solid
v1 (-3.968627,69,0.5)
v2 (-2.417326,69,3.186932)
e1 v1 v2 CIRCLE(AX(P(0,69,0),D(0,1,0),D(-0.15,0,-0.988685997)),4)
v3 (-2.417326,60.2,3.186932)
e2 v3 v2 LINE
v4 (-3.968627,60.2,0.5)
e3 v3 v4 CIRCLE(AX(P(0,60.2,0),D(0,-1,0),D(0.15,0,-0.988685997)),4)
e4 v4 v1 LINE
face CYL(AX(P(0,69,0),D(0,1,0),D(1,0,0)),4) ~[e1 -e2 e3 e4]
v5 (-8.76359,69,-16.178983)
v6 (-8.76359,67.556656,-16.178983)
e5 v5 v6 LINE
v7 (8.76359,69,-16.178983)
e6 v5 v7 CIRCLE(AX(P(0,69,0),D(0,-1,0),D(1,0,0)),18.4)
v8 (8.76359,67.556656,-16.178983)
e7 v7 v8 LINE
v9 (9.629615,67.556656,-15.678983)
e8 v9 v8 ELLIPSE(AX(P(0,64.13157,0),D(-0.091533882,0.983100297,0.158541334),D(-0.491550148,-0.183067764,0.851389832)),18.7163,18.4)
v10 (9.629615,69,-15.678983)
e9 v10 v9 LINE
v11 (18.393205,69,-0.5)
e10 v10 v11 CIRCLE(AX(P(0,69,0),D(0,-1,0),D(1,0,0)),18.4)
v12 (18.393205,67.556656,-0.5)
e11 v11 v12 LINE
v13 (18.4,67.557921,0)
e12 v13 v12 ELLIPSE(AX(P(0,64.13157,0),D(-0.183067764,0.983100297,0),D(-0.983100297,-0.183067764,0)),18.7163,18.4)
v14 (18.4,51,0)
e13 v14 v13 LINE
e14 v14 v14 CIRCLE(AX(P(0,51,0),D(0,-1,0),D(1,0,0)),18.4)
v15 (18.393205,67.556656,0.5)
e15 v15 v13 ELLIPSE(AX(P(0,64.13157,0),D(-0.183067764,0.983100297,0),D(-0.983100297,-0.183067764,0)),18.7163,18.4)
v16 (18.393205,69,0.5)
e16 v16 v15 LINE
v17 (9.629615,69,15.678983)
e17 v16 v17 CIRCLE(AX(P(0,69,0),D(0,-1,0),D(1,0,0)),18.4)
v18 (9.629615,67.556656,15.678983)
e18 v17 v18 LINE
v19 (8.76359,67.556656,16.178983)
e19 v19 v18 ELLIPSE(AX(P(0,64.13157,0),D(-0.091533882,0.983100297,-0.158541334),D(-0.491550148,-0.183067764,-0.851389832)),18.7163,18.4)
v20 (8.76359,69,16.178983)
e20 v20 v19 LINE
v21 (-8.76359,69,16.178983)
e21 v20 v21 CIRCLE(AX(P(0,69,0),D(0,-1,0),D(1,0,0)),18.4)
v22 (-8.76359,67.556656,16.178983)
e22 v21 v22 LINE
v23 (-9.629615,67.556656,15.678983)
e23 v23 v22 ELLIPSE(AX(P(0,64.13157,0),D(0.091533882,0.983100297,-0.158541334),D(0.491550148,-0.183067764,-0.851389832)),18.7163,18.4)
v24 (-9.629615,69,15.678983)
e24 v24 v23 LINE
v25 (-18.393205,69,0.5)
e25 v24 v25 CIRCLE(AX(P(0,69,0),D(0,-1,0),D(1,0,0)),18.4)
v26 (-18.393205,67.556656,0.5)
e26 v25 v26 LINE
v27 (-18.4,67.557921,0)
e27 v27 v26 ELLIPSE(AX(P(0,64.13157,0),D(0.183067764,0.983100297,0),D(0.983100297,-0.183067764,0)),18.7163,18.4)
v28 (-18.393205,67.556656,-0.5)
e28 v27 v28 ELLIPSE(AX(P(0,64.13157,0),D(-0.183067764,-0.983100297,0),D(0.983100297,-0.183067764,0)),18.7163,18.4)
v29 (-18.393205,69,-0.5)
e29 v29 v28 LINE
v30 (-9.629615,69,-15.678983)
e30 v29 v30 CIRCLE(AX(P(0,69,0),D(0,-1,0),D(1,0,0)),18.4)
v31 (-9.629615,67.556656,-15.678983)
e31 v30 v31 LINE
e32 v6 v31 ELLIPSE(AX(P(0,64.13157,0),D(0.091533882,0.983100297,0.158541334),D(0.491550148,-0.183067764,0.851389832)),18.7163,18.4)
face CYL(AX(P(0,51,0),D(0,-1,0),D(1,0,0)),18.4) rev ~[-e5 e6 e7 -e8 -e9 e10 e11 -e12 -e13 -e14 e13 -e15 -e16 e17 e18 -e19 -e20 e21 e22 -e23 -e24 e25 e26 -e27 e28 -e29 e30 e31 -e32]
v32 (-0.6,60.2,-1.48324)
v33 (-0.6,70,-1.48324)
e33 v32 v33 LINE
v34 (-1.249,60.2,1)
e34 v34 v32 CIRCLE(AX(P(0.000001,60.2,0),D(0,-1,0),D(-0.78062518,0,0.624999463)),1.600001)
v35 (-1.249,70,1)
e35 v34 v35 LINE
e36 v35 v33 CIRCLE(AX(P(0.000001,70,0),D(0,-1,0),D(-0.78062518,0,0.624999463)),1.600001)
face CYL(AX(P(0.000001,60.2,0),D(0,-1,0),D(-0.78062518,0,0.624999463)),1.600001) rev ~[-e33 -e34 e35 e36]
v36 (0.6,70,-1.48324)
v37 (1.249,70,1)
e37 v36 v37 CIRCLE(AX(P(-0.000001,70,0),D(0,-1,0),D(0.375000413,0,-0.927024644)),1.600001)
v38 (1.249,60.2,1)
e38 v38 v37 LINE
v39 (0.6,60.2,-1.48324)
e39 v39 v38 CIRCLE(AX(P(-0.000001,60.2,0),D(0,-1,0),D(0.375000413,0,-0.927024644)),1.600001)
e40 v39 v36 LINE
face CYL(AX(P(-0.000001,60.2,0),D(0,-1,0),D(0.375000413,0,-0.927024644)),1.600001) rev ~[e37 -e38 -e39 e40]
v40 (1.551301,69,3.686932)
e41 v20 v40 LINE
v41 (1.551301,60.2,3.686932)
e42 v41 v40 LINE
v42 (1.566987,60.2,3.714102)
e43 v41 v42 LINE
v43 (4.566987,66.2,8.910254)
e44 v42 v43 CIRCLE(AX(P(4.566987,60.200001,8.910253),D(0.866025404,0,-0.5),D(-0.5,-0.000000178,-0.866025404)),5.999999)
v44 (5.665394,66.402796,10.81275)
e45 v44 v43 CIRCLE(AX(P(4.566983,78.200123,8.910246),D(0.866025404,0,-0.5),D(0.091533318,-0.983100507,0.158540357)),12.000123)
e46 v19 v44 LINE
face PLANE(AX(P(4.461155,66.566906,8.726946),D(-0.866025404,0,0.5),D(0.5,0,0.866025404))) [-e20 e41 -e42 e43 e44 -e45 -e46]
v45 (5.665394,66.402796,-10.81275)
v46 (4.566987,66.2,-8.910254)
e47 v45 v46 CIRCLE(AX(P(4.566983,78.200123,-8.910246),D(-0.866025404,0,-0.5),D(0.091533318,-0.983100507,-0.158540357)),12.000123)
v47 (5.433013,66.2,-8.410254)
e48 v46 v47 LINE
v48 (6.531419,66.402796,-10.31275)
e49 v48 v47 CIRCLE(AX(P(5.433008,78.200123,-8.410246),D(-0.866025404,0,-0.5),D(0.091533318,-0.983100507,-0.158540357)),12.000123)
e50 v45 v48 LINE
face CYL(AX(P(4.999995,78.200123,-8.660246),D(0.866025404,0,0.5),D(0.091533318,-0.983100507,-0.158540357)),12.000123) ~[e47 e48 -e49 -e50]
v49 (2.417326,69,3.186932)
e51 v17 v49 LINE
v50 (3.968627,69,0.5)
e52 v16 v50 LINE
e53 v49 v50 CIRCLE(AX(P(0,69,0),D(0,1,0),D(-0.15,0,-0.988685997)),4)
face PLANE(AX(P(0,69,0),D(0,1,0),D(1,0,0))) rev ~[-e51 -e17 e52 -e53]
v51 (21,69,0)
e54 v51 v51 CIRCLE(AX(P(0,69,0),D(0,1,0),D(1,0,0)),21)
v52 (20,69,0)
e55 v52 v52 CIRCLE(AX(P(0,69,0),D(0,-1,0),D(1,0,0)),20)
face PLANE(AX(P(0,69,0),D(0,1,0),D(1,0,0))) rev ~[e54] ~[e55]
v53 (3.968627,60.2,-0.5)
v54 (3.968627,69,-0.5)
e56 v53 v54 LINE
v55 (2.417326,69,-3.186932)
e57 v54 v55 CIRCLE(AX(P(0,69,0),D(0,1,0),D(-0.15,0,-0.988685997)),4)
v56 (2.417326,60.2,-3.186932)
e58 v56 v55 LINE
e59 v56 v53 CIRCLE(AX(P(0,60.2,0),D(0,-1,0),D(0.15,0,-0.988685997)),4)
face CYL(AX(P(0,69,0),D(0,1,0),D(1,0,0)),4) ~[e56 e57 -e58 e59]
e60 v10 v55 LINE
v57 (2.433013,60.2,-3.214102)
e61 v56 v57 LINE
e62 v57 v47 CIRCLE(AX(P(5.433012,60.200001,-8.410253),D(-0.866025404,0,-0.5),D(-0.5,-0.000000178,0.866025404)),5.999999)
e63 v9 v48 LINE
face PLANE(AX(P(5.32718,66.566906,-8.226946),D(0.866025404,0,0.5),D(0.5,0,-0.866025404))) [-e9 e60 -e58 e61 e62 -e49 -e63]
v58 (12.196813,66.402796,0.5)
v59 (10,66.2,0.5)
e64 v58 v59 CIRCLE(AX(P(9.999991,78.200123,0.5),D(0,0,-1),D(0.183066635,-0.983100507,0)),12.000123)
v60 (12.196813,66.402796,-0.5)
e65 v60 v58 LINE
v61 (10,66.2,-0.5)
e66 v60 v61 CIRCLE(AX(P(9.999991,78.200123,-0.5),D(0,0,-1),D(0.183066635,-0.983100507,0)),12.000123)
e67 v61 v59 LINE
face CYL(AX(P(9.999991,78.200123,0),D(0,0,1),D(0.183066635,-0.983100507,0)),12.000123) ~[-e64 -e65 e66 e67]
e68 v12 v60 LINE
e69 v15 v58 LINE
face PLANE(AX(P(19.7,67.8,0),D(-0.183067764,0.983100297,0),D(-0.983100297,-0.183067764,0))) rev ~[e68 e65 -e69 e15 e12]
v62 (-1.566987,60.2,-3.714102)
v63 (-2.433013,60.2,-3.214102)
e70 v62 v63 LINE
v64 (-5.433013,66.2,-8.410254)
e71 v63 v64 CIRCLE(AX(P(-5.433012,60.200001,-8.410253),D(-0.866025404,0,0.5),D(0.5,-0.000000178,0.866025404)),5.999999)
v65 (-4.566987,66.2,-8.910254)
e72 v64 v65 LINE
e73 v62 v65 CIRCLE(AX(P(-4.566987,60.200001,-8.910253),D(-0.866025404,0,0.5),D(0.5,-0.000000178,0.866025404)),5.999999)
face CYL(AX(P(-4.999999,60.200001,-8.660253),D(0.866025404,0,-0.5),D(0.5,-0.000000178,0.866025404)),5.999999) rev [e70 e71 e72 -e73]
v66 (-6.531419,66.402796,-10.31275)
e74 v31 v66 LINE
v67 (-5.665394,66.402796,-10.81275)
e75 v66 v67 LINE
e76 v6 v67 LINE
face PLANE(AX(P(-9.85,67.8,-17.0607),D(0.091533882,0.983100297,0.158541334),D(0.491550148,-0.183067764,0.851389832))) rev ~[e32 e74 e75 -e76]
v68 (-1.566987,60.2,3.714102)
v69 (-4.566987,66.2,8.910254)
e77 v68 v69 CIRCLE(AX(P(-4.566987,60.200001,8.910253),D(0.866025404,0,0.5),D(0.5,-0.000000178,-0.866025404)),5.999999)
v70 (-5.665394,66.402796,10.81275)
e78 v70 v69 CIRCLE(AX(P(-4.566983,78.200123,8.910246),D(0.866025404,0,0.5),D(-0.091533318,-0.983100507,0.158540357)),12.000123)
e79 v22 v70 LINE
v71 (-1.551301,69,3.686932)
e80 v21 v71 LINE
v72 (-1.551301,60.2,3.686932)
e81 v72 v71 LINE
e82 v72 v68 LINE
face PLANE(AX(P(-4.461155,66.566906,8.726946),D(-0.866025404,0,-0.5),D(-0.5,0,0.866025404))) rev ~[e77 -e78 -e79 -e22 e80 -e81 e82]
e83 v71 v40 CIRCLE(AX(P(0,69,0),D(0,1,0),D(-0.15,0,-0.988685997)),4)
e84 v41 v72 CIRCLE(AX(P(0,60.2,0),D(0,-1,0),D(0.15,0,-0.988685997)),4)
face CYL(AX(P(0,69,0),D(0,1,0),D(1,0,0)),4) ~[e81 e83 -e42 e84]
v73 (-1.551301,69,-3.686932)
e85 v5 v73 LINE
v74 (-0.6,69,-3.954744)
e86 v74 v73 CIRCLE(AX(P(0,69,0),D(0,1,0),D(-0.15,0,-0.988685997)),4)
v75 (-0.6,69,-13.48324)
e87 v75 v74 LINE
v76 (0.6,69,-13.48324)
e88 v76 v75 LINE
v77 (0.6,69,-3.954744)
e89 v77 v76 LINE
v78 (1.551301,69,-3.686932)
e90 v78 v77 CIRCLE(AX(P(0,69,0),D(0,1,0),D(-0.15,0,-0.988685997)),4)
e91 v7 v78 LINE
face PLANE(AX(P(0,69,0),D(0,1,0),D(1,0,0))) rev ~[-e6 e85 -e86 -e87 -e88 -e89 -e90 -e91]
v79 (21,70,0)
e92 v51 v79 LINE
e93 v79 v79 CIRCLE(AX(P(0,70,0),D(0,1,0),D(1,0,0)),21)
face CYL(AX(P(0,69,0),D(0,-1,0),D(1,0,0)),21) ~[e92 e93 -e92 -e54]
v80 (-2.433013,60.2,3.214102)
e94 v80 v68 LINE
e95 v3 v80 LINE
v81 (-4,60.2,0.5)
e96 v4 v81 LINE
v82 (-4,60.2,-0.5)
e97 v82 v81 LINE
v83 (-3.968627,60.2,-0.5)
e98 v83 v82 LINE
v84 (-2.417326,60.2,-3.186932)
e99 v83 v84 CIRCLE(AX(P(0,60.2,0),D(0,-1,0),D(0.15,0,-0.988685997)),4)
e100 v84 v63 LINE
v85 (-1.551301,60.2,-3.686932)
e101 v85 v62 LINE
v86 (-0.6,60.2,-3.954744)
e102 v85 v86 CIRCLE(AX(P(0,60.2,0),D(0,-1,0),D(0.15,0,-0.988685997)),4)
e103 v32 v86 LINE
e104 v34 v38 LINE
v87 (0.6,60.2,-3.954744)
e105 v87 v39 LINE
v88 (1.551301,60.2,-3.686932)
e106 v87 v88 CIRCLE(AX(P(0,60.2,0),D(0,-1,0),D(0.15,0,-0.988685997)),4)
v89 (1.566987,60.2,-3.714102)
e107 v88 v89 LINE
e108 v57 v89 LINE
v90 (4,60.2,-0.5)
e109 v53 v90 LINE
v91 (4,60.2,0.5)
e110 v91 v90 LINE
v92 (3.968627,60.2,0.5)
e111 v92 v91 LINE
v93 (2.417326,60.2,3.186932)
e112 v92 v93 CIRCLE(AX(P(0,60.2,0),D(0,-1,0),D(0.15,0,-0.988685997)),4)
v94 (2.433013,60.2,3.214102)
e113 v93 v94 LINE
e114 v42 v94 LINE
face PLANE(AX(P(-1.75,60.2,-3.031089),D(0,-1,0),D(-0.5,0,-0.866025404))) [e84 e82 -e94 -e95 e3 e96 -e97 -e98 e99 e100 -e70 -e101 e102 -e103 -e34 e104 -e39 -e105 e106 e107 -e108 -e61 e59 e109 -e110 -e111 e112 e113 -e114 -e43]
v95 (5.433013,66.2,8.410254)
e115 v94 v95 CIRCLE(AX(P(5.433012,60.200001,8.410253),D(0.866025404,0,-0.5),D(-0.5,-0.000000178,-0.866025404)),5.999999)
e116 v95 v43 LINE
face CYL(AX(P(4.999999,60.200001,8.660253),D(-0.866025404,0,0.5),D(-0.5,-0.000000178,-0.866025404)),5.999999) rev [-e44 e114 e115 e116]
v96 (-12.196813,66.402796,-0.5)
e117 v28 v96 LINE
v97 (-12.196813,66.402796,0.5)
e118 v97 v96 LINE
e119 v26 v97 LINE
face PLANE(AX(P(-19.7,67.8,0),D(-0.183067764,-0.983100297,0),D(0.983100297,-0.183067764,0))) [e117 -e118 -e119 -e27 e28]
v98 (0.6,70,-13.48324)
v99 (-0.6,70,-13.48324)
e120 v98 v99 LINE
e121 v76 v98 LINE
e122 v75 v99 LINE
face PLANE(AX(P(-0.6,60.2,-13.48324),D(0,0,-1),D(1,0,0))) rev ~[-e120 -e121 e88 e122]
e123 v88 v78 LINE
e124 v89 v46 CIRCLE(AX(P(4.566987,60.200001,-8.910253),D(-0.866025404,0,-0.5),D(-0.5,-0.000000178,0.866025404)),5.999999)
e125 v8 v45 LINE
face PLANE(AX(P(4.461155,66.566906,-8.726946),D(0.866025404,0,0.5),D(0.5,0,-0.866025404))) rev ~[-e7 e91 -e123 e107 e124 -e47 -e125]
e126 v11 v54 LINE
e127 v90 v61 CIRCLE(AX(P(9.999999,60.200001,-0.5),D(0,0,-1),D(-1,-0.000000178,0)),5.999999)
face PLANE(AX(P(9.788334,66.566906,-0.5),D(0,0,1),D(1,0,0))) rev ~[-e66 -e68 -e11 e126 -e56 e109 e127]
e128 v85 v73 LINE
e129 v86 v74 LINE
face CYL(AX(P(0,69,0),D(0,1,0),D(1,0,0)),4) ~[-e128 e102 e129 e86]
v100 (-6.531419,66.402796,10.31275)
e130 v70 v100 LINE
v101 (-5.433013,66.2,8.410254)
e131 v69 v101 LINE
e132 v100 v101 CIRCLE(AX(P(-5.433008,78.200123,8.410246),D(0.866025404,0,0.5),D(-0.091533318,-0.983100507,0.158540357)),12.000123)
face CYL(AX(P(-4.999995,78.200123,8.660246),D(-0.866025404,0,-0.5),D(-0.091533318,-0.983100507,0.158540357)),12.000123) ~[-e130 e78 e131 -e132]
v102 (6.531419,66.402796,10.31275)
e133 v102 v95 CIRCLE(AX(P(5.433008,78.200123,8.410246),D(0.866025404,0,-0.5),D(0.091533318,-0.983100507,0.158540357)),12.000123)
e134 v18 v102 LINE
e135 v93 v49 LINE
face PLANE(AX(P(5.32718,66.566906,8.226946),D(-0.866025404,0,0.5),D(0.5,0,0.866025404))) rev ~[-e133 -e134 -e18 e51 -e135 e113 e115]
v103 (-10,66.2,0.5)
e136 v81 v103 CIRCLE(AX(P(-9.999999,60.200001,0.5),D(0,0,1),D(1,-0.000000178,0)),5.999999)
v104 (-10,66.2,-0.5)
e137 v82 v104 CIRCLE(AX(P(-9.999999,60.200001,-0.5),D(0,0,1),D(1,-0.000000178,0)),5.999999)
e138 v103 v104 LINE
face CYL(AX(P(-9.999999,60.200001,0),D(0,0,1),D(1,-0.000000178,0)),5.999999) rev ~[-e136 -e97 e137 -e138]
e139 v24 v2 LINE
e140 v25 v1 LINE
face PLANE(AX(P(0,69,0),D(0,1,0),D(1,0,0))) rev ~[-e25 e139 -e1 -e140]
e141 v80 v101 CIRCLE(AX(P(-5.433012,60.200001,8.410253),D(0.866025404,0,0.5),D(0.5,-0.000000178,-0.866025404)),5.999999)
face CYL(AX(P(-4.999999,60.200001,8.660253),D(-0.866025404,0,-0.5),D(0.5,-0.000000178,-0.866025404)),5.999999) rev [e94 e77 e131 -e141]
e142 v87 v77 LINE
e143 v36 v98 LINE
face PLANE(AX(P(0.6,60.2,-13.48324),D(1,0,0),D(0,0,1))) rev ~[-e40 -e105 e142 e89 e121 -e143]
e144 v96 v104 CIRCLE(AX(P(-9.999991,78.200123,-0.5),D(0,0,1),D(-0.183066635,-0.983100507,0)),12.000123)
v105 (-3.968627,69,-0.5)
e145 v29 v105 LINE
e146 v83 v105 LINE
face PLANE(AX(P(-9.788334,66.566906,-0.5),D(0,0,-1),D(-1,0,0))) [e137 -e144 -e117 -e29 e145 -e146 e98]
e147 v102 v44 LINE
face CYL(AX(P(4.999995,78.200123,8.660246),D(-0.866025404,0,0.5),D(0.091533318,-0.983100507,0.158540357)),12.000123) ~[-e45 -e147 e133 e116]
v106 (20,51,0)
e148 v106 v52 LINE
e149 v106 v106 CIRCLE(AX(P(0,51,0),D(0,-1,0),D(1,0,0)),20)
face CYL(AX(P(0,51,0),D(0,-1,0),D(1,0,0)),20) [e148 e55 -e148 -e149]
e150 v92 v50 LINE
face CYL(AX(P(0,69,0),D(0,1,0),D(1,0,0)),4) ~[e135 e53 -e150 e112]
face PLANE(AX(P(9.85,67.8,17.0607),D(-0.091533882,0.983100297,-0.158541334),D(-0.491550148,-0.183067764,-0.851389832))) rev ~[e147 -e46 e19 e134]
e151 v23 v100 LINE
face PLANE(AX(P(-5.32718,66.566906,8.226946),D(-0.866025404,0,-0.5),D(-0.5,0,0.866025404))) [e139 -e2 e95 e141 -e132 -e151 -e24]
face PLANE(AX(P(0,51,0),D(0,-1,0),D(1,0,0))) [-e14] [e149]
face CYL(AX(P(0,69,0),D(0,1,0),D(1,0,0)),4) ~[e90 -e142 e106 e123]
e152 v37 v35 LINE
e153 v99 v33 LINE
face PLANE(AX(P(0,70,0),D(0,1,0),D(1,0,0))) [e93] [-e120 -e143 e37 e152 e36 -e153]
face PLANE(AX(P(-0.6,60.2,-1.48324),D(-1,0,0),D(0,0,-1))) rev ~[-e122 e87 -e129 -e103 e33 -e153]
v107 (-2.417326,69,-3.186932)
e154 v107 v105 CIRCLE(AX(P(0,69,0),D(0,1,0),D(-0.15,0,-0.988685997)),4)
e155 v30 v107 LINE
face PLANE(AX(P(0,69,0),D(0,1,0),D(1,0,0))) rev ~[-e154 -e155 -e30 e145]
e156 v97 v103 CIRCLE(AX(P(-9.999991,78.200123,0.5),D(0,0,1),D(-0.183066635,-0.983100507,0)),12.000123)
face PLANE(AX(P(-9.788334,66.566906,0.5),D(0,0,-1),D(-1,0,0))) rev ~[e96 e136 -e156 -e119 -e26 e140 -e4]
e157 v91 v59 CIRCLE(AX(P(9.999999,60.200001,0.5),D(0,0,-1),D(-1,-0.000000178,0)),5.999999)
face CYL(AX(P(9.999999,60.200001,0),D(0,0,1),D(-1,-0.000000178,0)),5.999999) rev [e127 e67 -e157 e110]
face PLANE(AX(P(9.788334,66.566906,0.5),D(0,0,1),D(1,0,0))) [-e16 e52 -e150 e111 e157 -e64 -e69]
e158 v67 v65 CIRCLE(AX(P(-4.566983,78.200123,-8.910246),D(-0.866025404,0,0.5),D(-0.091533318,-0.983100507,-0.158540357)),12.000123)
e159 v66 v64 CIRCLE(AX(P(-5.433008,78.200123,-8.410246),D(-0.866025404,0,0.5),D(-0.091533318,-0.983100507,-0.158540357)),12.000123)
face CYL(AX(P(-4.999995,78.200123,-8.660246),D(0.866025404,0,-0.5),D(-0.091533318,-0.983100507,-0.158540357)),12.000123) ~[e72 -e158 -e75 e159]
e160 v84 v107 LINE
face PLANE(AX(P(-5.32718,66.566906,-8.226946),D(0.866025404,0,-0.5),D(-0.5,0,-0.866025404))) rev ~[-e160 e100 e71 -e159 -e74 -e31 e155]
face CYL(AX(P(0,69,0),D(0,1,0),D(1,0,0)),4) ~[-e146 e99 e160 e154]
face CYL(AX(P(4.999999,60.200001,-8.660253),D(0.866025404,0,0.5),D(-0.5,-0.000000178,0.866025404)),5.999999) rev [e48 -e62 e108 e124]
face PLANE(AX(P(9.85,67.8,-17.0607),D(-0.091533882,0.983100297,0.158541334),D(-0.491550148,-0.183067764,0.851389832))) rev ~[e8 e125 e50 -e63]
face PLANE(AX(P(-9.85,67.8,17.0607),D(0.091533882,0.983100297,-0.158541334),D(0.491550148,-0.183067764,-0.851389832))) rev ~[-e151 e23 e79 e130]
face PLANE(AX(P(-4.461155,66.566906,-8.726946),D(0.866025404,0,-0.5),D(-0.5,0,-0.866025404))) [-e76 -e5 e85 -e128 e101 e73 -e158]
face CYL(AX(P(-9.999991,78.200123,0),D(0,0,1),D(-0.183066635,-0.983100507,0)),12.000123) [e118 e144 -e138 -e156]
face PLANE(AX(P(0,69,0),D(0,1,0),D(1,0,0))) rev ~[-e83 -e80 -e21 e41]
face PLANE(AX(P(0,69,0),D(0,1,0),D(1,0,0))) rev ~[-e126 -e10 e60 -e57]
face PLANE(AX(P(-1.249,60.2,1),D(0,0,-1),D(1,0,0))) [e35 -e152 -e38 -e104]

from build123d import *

# Parameters (mm, degrees)
PAD_START          = -51
SKETCH_R           = 20
SKETCH_R_2         = 18.4
PAD_DEPTH          = 18
SKETCH001_R        = 21
PAD001_DEPTH       = 1
SKETCH002_R        = 4
PAD002_DEPTH       = 8.8
POCKET_DEPTH       = 9.801
PAD003_DEPTH       = 0.5
PAD003_DEPTH_BACK  = 0.5
POLARPATTERN_COUNT = 6


with BuildPart() as part:
    # Sketch → Pad (new body)
    with BuildSketch(Plane.XZ.offset(PAD_START)):
        Circle(SKETCH_R)
        Circle(SKETCH_R_2, mode=Mode.SUBTRACT)
    extrude(amount=-PAD_DEPTH)

    # Sketch001 (on Face3 of Pad) → Pad001 (join)
    with BuildSketch(Plane(origin=(0, 69, 0), x_dir=(1, 0, 0), z_dir=(0, 1, 0))):
        Circle(SKETCH001_R)
    extrude(amount=PAD001_DEPTH)

    # Sketch002 (on Face7 of Pad001) → Pad002 (join)
    with BuildSketch(Plane.XZ.offset(-69)):
        Circle(SKETCH002_R)
    extrude(amount=PAD002_DEPTH)

    # Sketch003 (on Face9 of Pad002) → Pocket (cut, through all)
    with BuildSketch(Plane.XZ.offset(-60.2)):
        with BuildLine():
            ThreePointArc((-1.249, 1), (-1.548005, -0.404574), (-0.6, -1.48324))
            Line((-0.6, -1.48324), (-0.6, -13.48324))
            Line((-0.6, -13.48324), (0.6, -13.48324))
            Line((0.6, -13.48324), (0.6, -1.48324))
            ThreePointArc((0.6, -1.48324), (1.548005, -0.404574), (1.249, 1))
            Line((-1.249, 1), (1.249, 1))
        make_face()
    extrude(amount=-POCKET_DEPTH, mode=Mode.SUBTRACT)

    # Sketch004 → Pad003 (join, two sides)
    with BuildSketch(Plane.XY) as pad003_sk:
        with BuildLine():
            ThreePointArc((-4, 60.2), (-5.757359, 64.442641), (-10, 66.2))
            ThreePointArc((-12.196813, 66.402796), (-11.103077, 66.250807), (-10, 66.2))
            Line((-19.7, 67.8), (-12.196813, 66.402796))
            Line((-19.7, 69), (-19.7, 67.8))
            Line((-19.7, 69), (-3.5, 69))
            Line((-3.5, 69), (-3.5, 60.2))
            Line((-3.5, 60.2), (-4, 60.2))
        make_face()
    pad003 = extrude(amount=PAD003_DEPTH) + extrude(pad003_sk.sketch, amount=-PAD003_DEPTH_BACK)

    # PolarPattern: Pad003 ×6 about axis
    polarpattern_axis = Axis((0, 0, 0), (0, 1, 0))
    for i in range(1, POLARPATTERN_COUNT):
        add(pad003.rotate(polarpattern_axis, i * 360 / POLARPATTERN_COUNT))


solid = part.part
